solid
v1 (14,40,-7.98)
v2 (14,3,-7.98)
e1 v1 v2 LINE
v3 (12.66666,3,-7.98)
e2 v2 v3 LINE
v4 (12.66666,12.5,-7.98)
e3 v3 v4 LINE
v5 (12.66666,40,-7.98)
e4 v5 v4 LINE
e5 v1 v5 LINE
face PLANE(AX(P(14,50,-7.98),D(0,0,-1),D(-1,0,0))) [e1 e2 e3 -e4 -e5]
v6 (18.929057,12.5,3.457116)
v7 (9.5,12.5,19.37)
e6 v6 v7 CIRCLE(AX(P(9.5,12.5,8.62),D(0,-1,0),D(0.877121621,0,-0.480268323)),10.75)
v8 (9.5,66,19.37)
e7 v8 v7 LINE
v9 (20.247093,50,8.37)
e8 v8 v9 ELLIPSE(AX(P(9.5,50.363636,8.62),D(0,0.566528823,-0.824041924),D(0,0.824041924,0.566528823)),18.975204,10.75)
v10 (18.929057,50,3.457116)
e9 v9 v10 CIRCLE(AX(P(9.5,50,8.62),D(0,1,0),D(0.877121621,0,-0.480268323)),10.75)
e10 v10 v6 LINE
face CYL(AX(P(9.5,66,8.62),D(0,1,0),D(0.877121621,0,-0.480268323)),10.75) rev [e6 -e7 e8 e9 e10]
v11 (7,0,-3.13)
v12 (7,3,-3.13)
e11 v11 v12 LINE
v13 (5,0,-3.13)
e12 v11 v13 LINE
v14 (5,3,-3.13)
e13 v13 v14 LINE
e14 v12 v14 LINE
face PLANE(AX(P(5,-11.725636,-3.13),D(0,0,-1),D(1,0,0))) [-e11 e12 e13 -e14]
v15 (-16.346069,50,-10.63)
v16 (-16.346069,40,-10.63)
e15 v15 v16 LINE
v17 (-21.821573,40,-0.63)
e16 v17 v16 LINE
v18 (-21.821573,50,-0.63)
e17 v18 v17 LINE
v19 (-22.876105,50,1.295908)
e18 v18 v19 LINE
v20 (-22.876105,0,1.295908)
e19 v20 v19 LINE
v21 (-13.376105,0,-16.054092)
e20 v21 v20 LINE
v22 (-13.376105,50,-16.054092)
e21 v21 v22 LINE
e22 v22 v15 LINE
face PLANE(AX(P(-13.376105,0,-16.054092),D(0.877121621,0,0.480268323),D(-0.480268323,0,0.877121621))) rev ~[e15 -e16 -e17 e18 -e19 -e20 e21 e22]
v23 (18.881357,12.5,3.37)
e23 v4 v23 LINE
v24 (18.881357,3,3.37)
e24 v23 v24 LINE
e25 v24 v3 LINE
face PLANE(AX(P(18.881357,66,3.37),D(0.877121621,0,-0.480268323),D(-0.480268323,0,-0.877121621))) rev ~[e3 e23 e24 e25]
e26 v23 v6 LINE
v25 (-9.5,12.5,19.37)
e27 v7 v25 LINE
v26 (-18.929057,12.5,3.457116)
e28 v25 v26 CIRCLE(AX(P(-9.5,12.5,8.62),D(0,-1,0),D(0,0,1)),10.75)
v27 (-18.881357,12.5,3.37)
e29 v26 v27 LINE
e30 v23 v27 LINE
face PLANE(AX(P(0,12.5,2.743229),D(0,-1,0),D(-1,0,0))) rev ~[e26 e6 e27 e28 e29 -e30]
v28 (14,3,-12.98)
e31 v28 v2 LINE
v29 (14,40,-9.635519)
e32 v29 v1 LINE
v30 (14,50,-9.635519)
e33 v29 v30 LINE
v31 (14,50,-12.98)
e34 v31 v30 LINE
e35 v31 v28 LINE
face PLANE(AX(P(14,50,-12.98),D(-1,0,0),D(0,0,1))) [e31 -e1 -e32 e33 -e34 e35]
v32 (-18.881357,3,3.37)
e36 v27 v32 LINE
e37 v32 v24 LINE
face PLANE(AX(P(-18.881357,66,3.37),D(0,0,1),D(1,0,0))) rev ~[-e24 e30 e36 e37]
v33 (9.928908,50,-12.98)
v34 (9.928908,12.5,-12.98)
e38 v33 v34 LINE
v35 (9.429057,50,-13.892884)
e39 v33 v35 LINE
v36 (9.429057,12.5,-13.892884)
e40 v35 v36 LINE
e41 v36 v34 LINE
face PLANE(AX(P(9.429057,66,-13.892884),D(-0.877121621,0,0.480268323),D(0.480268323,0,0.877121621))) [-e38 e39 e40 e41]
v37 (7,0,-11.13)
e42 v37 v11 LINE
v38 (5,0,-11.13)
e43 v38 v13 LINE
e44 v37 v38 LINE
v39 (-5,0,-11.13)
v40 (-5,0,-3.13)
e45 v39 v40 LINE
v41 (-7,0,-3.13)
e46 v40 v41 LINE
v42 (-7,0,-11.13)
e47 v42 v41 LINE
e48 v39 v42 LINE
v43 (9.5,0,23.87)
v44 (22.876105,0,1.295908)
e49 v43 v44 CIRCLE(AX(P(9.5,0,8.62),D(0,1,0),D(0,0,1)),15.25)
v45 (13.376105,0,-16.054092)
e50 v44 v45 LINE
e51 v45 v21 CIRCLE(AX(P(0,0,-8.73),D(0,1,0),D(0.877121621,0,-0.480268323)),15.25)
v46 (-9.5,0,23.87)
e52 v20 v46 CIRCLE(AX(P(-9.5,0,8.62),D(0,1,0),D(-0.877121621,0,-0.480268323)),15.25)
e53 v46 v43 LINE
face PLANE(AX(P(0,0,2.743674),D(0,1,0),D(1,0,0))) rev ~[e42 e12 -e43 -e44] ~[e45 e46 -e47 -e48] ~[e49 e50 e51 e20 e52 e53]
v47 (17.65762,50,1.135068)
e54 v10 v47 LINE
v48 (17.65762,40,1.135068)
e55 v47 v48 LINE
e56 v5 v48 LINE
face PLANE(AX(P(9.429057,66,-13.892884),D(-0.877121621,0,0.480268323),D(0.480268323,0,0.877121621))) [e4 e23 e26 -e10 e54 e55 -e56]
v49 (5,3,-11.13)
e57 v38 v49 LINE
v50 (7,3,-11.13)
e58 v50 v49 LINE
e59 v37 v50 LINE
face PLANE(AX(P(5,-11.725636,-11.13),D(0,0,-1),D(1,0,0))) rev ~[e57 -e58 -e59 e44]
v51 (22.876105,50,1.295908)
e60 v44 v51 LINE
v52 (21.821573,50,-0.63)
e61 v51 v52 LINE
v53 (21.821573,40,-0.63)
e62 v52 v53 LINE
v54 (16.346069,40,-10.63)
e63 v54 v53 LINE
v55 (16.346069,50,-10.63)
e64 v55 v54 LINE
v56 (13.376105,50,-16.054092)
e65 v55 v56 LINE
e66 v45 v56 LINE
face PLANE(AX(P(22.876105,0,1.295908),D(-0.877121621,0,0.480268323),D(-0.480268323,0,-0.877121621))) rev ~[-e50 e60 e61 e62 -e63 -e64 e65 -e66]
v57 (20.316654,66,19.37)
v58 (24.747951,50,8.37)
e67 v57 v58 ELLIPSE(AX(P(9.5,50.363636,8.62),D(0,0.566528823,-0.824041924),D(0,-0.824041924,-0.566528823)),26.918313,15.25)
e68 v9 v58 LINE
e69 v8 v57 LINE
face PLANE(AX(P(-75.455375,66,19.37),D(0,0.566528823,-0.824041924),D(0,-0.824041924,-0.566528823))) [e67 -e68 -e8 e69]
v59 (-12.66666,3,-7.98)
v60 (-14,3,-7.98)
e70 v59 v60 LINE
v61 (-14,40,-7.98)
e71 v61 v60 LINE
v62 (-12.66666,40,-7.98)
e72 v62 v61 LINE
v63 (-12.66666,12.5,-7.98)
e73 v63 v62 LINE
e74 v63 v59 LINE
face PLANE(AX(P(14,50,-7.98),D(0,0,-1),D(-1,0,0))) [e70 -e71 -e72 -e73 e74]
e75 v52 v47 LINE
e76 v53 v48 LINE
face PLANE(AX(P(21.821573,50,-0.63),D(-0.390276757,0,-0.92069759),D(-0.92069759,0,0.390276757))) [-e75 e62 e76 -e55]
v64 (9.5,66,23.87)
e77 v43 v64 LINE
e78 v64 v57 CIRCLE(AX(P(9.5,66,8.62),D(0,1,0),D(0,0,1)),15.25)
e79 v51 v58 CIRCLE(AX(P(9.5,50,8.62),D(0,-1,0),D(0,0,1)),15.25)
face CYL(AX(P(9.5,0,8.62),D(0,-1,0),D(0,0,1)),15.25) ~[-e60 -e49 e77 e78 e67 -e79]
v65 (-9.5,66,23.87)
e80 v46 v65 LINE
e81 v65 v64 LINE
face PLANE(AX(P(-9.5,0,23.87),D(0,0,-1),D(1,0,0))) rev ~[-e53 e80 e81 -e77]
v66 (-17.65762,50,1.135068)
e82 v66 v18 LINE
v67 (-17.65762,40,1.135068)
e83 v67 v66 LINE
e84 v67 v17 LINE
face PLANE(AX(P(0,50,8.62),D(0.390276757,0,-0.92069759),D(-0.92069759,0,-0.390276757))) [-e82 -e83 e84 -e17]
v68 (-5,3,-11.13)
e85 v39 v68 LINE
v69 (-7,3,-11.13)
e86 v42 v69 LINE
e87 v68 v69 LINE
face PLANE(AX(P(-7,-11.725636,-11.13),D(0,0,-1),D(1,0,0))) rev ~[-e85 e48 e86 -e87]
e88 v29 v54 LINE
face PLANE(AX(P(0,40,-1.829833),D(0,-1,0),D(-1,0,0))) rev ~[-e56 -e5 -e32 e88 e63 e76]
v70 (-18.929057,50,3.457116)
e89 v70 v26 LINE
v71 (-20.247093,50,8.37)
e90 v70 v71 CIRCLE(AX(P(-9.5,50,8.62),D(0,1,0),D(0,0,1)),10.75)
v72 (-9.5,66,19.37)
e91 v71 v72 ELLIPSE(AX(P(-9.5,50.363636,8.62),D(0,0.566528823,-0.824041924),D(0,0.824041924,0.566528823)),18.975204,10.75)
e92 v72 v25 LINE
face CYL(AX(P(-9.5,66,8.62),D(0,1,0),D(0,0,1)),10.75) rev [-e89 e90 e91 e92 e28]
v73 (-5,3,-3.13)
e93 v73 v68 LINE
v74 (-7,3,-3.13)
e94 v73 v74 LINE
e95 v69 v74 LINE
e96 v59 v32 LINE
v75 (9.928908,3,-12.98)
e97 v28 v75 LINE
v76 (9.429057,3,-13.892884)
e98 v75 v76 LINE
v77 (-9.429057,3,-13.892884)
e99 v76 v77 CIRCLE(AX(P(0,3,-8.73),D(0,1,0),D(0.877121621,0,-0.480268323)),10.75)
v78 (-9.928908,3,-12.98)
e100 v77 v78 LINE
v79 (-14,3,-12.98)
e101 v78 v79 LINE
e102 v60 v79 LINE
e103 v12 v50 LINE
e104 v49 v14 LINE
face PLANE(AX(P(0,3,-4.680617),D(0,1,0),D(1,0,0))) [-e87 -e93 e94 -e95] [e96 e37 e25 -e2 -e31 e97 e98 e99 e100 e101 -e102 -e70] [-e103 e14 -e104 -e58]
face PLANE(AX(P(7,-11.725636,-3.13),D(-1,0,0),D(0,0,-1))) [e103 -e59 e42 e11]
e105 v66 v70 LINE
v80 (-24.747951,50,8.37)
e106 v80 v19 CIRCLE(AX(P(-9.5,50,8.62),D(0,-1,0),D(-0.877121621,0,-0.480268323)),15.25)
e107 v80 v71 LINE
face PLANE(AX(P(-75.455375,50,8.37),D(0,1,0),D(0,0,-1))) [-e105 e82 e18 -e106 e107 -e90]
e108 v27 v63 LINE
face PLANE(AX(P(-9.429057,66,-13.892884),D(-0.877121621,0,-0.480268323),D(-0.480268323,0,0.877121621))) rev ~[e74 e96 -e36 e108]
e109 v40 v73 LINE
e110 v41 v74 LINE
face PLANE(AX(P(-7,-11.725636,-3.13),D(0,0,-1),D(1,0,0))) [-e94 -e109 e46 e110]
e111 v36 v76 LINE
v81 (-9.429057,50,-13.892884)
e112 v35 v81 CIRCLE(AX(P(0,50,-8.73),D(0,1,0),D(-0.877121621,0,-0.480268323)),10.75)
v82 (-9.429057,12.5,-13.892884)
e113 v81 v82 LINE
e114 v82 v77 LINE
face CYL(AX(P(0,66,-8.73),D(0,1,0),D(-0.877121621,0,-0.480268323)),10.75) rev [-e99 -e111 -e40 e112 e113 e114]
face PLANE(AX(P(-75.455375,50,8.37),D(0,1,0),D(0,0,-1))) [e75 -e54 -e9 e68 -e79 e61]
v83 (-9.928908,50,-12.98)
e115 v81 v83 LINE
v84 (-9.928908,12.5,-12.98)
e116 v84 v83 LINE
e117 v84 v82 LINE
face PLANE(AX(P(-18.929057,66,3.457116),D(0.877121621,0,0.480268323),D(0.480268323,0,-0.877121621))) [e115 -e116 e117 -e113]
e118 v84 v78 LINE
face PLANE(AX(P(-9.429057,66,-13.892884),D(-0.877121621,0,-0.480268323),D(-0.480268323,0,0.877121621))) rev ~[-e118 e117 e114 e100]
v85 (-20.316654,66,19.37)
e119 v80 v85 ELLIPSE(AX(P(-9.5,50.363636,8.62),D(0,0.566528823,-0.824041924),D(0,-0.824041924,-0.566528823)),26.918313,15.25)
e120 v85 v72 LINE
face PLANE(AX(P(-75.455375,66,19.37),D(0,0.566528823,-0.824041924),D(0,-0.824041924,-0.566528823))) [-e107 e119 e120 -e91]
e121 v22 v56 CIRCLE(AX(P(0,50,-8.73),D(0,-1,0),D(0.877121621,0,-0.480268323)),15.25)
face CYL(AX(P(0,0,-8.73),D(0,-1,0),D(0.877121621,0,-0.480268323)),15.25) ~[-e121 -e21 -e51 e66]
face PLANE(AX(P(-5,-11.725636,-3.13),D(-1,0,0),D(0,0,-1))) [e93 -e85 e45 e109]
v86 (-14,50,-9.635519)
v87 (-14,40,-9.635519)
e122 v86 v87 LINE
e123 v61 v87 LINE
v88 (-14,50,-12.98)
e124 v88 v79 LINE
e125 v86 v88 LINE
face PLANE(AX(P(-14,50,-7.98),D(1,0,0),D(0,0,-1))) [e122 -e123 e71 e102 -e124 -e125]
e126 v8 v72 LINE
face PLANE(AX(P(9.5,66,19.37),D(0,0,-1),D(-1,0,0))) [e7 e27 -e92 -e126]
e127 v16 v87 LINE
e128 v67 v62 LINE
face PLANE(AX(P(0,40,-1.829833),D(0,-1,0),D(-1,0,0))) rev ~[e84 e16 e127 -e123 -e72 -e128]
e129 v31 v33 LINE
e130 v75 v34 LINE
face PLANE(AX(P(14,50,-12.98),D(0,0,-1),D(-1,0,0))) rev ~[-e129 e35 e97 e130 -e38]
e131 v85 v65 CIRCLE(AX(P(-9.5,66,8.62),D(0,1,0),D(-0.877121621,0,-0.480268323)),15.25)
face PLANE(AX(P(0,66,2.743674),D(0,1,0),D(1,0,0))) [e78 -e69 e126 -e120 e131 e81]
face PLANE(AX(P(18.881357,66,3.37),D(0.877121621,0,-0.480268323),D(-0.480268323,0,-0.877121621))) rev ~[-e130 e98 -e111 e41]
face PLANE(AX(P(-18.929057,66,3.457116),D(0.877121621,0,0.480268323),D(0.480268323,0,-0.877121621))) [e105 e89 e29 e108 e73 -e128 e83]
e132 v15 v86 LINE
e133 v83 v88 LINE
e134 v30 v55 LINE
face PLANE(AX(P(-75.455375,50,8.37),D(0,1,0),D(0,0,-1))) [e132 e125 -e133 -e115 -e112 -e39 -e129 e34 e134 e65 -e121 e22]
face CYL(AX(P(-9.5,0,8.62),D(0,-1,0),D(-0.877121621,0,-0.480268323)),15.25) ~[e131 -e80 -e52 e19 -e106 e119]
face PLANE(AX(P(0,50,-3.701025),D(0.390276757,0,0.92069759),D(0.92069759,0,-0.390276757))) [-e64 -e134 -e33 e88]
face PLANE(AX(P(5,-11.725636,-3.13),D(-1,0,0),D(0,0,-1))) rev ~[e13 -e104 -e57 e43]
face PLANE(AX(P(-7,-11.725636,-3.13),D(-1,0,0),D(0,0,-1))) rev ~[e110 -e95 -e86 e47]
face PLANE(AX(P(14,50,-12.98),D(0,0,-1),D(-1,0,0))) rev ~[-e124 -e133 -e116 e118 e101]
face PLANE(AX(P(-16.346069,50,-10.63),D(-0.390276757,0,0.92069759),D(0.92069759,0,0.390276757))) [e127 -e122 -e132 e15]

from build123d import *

# Parameters (mm, degrees)
RESSALTO_EXTRUS_O1_DEPTH   = 66
CORTE_EXTRUS_O1_DEPTH      = 53.5
CORTE_EXTRUS_O2_DEPTH      = 63
CORTE_EXTRUS_O3_DEPTH      = 75.455375226
CORTE_EXTRUS_O3_DEPTH_BACK = 75.455375226
CORTE_EXTRUS_O4_DEPTH      = 61.725636267
CORTE_EXTRUS_O4_DEPTH_BACK = 61.725636267
ESBO_O5_W                  = 2
ESBO_O5_H                  = 8
CORTE_EXTRUS_O5_DEPTH      = 47
CORTE_EXTRUS_O7_DEPTH      = 10


with BuildPart() as part:
    # Esboço1 → Ressalto-extrusão1 (new body)
    with BuildSketch(Plane(origin=(0, 0, 0), x_dir=(1, 0, 0), z_dir=(0, 1, 0))):
        with BuildLine():
            Line((-13.376104721, 16.054091922), (-22.876104721, -1.295908078))
            ThreePointArc((-22.876104721, -1.295908078), (-22.619735169, -16.393998269), (-9.5, -23.87))
            Line((-9.5, -23.87), (9.5, -23.87))
            ThreePointArc((9.5, -23.87), (22.619735169, -16.393998269), (22.876104721, -1.295908078))
            Line((22.876104721, -1.295908078), (13.376104721, 16.054091922))
            ThreePointArc((13.376104721, 16.054091922), (0, 23.98), (-13.376104721, 16.054091922))
        make_face()
    extrude(amount=RESSALTO_EXTRUS_O1_DEPTH)

    # Esboço2 → Corte-extrusão1 (cut)
    with BuildSketch(Plane(origin=(0, 66, 0), x_dir=(1, 0, 0), z_dir=(0, 1, 0))):
        with BuildLine():
            Line((-18.929057426, -3.45711553), (-9.429057426, 13.89288447))
            ThreePointArc((-9.429057426, 13.89288447), (0, 19.48), (9.429057426, 13.89288447))
            Line((9.429057426, 13.89288447), (18.929057426, -3.45711553))
            ThreePointArc((18.929057426, -3.45711553), (18.748337906, -14.100031567), (9.5, -19.37))
            Line((9.5, -19.37), (-9.5, -19.37))
            ThreePointArc((-9.5, -19.37), (-18.748337906, -14.100031567), (-18.929057426, -3.45711553))
        make_face()
    extrude(amount=-CORTE_EXTRUS_O1_DEPTH, mode=Mode.SUBTRACT)

    # Esboço3 → Corte-extrusão2 (cut)
    with BuildSketch(Plane(origin=(0, 66, 0), x_dir=(1, 0, 0), z_dir=(0, 1, 0))):
        with BuildLine():
            Line((0, -3.37), (18.88135728, -3.37))
            Line((18.88135728, -3.37), (9.429057426, 13.89288447))
            ThreePointArc((9.429057426, 13.89288447), (0, 19.48), (-9.429057426, 13.89288447))
            Line((-9.429057426, 13.89288447), (-18.88135728, -3.37))
            Line((-18.88135728, -3.37), (0, -3.37))
        make_face()
    extrude(amount=-CORTE_EXTRUS_O2_DEPTH, mode=Mode.SUBTRACT)

    # Esboço4 → Corte-extrusão3 (cut, two sides: drawn at the far end of the back side and taken through both)
    with BuildSketch(Plane(origin=(0, 0, 0), x_dir=(0, 0, -1), z_dir=(1, 0, 0)).offset(-CORTE_EXTRUS_O3_DEPTH_BACK)):
        Polygon((-8.37, 50), (35.337515561, 50), (33.498972566, 68.632714226), (-19.37, 68.632714226), (-19.37, 66), align=None)
    extrude(amount=CORTE_EXTRUS_O3_DEPTH + CORTE_EXTRUS_O3_DEPTH_BACK, mode=Mode.SUBTRACT)

    # Esboço5 → Corte-extrusão4 (cut, two sides: drawn at the far end of the back side and taken through both)
    with BuildSketch(Plane(origin=(0, 50, 0), x_dir=(1, 0, 0), z_dir=(0, 1, 0)).offset(-CORTE_EXTRUS_O4_DEPTH_BACK)):
        with Locations((6, 7.13)):
            Rectangle(ESBO_O5_W, ESBO_O5_H)
        with Locations((-6, 7.13)):
            Rectangle(ESBO_O5_W, ESBO_O5_H)
    extrude(amount=CORTE_EXTRUS_O4_DEPTH + CORTE_EXTRUS_O4_DEPTH_BACK, mode=Mode.SUBTRACT)

    # Esboço6 → Corte-extrusão5 (cut)
    with BuildSketch(Plane(origin=(0, 50, 0), x_dir=(1, 0, 0), z_dir=(0, 1, 0))):
        Polygon((0, 12.98), (14, 12.98), (14, 7.98), (-14, 7.98), (-14, 12.98), align=None)
    extrude(amount=-CORTE_EXTRUS_O5_DEPTH, mode=Mode.SUBTRACT)

    # Esboço7 → Corte-extrusão7 (cut)
    with BuildSketch(Plane(origin=(0, 50, 0), x_dir=(1, 0, 0), z_dir=(0, 1, 0))):
        Polygon((0, 3.70102494), (16.346068598, 10.63), (21.821572921, 0.63), (0, -8.62), (-21.821572921, 0.63), (-16.346068598, 10.63), align=None)
    extrude(amount=-CORTE_EXTRUS_O7_DEPTH, mode=Mode.SUBTRACT)


solid = part.part
